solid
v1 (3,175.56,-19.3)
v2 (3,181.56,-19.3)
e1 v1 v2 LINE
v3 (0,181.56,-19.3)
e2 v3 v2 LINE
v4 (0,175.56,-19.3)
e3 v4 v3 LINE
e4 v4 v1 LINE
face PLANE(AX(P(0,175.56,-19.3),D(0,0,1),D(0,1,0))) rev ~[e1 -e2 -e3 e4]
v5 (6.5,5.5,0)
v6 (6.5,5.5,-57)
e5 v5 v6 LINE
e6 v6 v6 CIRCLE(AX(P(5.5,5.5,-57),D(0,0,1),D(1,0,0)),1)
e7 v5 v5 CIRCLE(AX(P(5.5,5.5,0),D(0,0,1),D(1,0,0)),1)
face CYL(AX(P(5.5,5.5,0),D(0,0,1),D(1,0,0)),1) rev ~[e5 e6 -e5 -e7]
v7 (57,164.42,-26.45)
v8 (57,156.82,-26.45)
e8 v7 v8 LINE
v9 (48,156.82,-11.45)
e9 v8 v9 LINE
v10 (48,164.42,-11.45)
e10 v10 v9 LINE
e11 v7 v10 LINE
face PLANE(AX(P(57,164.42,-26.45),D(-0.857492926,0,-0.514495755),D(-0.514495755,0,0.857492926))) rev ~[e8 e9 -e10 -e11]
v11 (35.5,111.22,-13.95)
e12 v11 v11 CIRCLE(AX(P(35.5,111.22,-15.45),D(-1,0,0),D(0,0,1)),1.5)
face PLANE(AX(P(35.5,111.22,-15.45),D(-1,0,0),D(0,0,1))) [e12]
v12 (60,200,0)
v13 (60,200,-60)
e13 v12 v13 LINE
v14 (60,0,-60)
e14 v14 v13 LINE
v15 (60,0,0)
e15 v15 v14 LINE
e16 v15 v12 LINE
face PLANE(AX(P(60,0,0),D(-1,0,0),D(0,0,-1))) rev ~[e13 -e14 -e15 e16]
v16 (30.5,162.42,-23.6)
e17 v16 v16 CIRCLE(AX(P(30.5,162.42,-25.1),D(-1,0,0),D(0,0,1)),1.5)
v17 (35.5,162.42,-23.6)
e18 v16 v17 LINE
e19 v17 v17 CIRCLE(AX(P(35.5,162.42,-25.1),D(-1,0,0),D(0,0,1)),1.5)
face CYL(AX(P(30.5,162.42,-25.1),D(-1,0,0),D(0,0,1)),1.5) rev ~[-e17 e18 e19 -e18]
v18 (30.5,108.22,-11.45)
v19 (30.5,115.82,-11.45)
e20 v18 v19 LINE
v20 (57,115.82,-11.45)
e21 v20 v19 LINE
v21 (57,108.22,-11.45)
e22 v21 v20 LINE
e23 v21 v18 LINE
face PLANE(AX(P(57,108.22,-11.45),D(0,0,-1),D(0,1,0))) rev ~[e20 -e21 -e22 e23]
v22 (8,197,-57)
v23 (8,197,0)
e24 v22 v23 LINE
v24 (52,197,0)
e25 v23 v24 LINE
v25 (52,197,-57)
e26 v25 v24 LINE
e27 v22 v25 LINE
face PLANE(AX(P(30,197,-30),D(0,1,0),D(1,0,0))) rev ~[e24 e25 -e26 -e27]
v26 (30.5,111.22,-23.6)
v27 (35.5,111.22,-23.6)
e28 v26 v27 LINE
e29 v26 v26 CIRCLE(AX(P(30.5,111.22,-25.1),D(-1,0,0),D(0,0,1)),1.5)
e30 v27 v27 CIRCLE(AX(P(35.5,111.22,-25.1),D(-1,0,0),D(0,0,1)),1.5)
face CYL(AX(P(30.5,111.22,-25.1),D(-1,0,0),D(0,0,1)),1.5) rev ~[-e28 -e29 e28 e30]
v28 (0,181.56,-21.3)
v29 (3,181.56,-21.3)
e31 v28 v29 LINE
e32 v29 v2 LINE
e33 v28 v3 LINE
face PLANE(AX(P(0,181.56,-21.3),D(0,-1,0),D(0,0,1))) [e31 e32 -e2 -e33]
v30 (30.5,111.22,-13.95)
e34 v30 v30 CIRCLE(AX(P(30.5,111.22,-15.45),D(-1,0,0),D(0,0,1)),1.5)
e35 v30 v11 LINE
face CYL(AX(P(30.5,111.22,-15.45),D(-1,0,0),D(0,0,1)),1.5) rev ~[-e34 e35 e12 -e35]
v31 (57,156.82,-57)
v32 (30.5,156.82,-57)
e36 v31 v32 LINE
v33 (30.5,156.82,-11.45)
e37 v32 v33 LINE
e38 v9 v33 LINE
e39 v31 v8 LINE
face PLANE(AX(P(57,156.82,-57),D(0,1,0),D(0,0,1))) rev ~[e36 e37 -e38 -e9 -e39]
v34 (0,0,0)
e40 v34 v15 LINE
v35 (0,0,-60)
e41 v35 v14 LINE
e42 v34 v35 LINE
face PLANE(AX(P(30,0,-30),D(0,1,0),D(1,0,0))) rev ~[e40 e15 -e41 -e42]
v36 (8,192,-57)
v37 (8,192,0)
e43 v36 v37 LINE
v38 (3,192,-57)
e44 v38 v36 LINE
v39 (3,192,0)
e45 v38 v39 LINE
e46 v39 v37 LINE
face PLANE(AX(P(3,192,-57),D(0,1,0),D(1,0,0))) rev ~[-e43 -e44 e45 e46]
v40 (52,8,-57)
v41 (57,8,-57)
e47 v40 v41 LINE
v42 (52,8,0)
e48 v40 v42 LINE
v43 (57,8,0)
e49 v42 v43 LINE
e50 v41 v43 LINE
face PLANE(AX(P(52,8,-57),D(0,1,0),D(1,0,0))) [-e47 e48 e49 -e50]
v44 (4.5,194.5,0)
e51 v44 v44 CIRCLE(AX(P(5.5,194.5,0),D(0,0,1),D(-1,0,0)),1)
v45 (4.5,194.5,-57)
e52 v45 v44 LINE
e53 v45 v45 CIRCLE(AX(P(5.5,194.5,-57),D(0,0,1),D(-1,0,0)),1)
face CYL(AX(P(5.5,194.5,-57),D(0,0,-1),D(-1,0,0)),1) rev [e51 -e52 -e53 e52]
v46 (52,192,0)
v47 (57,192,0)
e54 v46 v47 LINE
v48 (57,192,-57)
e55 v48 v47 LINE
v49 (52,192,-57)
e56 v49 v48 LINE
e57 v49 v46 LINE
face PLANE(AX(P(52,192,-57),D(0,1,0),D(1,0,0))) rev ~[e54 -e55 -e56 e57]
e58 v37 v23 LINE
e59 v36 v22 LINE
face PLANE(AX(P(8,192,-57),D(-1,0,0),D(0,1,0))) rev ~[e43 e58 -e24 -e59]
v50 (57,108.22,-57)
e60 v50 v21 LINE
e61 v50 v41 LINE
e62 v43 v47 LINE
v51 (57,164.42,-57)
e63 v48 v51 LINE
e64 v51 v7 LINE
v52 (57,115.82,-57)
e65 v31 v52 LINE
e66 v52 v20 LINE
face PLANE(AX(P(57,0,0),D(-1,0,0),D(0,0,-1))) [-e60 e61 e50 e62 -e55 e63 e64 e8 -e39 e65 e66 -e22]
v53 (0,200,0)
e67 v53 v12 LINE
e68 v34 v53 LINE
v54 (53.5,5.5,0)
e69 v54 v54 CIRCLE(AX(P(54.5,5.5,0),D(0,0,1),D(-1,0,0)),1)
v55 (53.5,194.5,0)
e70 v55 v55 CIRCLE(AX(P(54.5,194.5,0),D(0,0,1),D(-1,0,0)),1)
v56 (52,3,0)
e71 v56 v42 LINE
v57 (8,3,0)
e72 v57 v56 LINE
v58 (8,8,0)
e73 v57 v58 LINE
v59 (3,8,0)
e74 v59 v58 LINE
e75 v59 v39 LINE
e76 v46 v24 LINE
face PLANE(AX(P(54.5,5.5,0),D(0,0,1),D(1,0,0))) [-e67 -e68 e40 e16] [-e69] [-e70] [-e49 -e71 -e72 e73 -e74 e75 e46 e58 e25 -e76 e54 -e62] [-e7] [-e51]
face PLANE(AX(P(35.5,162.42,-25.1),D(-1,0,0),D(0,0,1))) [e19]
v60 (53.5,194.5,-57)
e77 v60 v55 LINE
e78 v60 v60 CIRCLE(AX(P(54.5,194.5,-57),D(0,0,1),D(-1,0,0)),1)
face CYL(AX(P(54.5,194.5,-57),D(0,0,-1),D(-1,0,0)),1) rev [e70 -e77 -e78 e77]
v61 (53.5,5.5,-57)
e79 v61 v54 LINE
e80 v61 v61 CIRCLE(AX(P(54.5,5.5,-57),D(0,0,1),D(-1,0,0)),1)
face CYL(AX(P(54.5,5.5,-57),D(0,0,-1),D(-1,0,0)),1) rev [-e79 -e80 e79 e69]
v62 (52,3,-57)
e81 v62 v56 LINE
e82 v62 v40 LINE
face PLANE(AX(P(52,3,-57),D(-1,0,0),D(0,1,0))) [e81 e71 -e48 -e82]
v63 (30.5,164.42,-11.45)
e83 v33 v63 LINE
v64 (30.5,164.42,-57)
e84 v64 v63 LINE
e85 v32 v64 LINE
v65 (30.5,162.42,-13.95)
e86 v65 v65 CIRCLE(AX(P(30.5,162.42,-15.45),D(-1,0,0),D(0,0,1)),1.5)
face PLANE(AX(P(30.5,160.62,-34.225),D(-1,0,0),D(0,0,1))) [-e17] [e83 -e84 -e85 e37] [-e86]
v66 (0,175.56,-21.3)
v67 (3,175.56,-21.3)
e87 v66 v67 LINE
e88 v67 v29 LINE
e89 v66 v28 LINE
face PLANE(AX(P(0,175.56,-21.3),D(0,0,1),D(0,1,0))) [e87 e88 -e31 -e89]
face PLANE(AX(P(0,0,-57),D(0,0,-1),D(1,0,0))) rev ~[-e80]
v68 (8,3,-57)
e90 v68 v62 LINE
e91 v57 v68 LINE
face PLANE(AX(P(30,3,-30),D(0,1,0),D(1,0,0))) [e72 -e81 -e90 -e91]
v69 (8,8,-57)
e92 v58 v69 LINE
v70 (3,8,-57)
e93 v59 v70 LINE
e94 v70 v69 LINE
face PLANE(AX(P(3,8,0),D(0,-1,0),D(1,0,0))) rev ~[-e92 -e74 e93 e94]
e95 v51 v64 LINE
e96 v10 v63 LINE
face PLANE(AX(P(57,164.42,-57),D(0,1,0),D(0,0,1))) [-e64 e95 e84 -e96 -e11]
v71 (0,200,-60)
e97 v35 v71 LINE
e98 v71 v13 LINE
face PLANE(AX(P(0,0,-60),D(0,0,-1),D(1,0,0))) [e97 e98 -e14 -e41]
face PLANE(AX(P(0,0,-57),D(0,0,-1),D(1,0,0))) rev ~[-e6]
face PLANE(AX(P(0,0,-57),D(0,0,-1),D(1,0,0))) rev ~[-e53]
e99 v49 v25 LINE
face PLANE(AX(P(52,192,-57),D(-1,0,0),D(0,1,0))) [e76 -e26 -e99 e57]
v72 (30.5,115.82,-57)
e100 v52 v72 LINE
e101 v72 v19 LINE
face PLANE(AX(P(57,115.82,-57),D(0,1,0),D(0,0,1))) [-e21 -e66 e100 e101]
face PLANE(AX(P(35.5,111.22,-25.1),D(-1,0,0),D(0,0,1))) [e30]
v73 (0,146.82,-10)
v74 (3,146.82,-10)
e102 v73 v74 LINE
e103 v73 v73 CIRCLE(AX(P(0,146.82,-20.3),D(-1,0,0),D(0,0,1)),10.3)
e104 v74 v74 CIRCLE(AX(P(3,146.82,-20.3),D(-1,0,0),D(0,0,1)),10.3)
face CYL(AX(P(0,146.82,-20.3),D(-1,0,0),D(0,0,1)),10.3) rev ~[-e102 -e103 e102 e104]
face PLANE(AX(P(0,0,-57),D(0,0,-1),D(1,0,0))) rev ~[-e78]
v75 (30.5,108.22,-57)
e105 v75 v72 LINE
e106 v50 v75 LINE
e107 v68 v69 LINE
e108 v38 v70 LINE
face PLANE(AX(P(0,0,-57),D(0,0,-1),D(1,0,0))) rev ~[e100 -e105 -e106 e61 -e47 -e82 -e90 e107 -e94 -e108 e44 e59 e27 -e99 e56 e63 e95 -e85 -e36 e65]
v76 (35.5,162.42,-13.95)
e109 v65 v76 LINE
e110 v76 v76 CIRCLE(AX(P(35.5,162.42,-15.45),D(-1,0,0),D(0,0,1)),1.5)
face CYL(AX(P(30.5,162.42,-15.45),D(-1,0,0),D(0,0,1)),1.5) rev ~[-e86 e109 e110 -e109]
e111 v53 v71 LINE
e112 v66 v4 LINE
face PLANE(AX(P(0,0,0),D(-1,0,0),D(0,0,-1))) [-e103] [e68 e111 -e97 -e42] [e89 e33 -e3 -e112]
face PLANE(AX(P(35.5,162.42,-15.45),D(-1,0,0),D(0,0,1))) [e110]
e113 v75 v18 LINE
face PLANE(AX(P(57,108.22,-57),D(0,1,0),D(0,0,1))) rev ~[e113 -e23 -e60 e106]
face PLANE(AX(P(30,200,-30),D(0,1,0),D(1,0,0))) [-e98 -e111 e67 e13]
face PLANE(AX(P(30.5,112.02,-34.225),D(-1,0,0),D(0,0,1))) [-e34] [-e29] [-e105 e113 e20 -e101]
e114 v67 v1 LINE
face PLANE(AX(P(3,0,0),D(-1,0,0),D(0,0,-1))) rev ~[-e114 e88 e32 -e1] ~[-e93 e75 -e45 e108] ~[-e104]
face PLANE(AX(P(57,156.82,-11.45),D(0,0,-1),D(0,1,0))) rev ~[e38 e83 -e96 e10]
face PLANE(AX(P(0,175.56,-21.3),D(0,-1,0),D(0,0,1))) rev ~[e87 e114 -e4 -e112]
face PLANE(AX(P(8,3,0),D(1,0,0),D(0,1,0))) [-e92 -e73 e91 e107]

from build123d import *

# Parameters (mm, degrees)
SZKIC1_W                    = 60
SZKIC1_H                    = 60
DODANIE_WYCI_GNI_CIE1_DEPTH = 200
SKORUPA1_T                  = -3
SZKIC2_W                    = 5
SZKIC2_H                    = 5
SZKIC2_R                    = 1
DODANIE_WYCI_GNI_CIE5_DEPTH = 57
SZKIC3_W                    = 5
SZKIC3_H                    = 5
SZKIC3_R                    = 1
DODANIE_WYCI_GNI_CIE6_DEPTH = 57
SZKIC4_W                    = 5
SZKIC4_H                    = 5
SZKIC4_R                    = 1
DODANIE_WYCI_GNI_CIE7_DEPTH = 57
SZKIC5_W                    = 5
SZKIC5_H                    = 5
SZKIC5_R                    = 1
DODANIE_WYCI_GNI_CIE8_DEPTH = 57
SZKIC10_R                   = 10.3
WYTNIJ_WYCI_GNI_CIE3_DEPTH  = 3
SZKIC12_W                   = 45.55
SZKIC12_H                   = 7.6
DODANIE_WYCI_GNI_CIE9_DEPTH = 26.5
SZKIC13_R                   = 1.5
WYTNIJ_WYCI_GNI_CIE4_DEPTH  = 5
SZKIC15_R                   = 1.5
WYTNIJ_WYCI_GNI_CIE5_DEPTH  = 5
WYTNIJ_WYCI_GNI_CIE6_DEPTH  = 10
SZKIC17_W                   = 2
SZKIC17_H                   = 6
WYTNIJ_WYCI_GNI_CIE7_DEPTH  = 10


with BuildPart() as part:
    # Szkic1 → Dodanie-wyciągnięcie1 (new body)
    with BuildSketch(Plane(origin=(0, 0, 0), x_dir=(1, 0, 0), z_dir=(0, 1, 0))):
        with Locations((30, 30)):
            Rectangle(SZKIC1_W, SZKIC1_H)
    extrude(amount=DODANIE_WYCI_GNI_CIE1_DEPTH)

    # Skorupa1
    skorupa1_openings = [part.faces().sort_by_distance(p)[0] for p in [
        (30, 100, 0),
    ]]
    offset(amount=SKORUPA1_T, openings=skorupa1_openings, kind=Kind.INTERSECTION)

    # Szkic2 → Dodanie-wyciągnięcie5 (add)
    with BuildSketch(Plane.XY.offset(-57)):
        with Locations((5.5, 194.5)):
            Rectangle(SZKIC2_W, SZKIC2_H)
        with Locations(Location((5.5, 194.5, 0), (0, 0, 180))):
            Circle(SZKIC2_R, mode=Mode.SUBTRACT)
    extrude(amount=DODANIE_WYCI_GNI_CIE5_DEPTH)

    # Szkic3 → Dodanie-wyciągnięcie6 (add)
    with BuildSketch(Plane.XY.offset(-57)):
        with Locations((54.5, 194.5)):
            Rectangle(SZKIC3_W, SZKIC3_H)
        with Locations(Location((54.5, 194.5, 0), (0, 0, 180))):
            Circle(SZKIC3_R, mode=Mode.SUBTRACT)
    extrude(amount=DODANIE_WYCI_GNI_CIE6_DEPTH)

    # Szkic4 → Dodanie-wyciągnięcie7 (add)
    with BuildSketch(Plane.XY):
        with Locations((5.5, 5.5)):
            Rectangle(SZKIC4_W, SZKIC4_H)
        with Locations((5.5, 5.5)):
            Circle(SZKIC4_R, mode=Mode.SUBTRACT)
    extrude(amount=-DODANIE_WYCI_GNI_CIE7_DEPTH)

    # Szkic5 → Dodanie-wyciągnięcie8 (add)
    with BuildSketch(Plane.XY.offset(-57)):
        with Locations((54.5, 5.5)):
            Rectangle(SZKIC5_W, SZKIC5_H)
        with Locations(Location((54.5, 5.5, 0), (0, 0, 180))):
            Circle(SZKIC5_R, mode=Mode.SUBTRACT)
    extrude(amount=DODANIE_WYCI_GNI_CIE8_DEPTH)

    # Szkic10 → Wytnij-wyciągnięcie3 (cut)
    with BuildSketch(Plane.ZY):
        with Locations((-20.3, 146.82)):
            Circle(SZKIC10_R)
    extrude(amount=-WYTNIJ_WYCI_GNI_CIE3_DEPTH, mode=Mode.SUBTRACT)

    # Szkic12 → Dodanie-wyciągnięcie9 (add)
    with BuildSketch(Plane.ZY.offset(-57)):
        with Locations((-34.225, 160.62)):
            Rectangle(SZKIC12_W, SZKIC12_H)
        with Locations((-34.225, 112.02)):
            Rectangle(SZKIC12_W, SZKIC12_H)
    extrude(amount=DODANIE_WYCI_GNI_CIE9_DEPTH)

    # Szkic13 → Wytnij-wyciągnięcie4 (cut)
    with BuildSketch(Plane.ZY.offset(-30.5)):
        with Locations((-15.45, 162.42)):
            Circle(SZKIC13_R)
        with Locations((-25.1, 162.42)):
            Circle(SZKIC13_R)
    extrude(amount=-WYTNIJ_WYCI_GNI_CIE4_DEPTH, mode=Mode.SUBTRACT)

    # Szkic15 → Wytnij-wyciągnięcie5 (cut)
    with BuildSketch(Plane.ZY.offset(-30.5)):
        with Locations((-15.45, 111.22)):
            Circle(SZKIC15_R)
        with Locations((-25.1, 111.22)):
            Circle(SZKIC15_R)
    extrude(amount=-WYTNIJ_WYCI_GNI_CIE5_DEPTH, mode=Mode.SUBTRACT)

    # Szkic16 → Wytnij-wyciągnięcie6 (cut)
    with BuildSketch(Plane(origin=(0, 164.42, 0), x_dir=(1, 0, 0), z_dir=(0, 1, 0))):
        Polygon((57, 11.45), (57, 26.45), (48, 11.45), align=None)
    extrude(amount=-WYTNIJ_WYCI_GNI_CIE6_DEPTH, mode=Mode.SUBTRACT)

    # Szkic17 → Wytnij-wyciągnięcie7 (cut)
    with BuildSketch(Plane.ZY):
        with Locations((-20.3, 178.56)):
            Rectangle(SZKIC17_W, SZKIC17_H)
    extrude(amount=-WYTNIJ_WYCI_GNI_CIE7_DEPTH, mode=Mode.SUBTRACT)


solid = part.part
